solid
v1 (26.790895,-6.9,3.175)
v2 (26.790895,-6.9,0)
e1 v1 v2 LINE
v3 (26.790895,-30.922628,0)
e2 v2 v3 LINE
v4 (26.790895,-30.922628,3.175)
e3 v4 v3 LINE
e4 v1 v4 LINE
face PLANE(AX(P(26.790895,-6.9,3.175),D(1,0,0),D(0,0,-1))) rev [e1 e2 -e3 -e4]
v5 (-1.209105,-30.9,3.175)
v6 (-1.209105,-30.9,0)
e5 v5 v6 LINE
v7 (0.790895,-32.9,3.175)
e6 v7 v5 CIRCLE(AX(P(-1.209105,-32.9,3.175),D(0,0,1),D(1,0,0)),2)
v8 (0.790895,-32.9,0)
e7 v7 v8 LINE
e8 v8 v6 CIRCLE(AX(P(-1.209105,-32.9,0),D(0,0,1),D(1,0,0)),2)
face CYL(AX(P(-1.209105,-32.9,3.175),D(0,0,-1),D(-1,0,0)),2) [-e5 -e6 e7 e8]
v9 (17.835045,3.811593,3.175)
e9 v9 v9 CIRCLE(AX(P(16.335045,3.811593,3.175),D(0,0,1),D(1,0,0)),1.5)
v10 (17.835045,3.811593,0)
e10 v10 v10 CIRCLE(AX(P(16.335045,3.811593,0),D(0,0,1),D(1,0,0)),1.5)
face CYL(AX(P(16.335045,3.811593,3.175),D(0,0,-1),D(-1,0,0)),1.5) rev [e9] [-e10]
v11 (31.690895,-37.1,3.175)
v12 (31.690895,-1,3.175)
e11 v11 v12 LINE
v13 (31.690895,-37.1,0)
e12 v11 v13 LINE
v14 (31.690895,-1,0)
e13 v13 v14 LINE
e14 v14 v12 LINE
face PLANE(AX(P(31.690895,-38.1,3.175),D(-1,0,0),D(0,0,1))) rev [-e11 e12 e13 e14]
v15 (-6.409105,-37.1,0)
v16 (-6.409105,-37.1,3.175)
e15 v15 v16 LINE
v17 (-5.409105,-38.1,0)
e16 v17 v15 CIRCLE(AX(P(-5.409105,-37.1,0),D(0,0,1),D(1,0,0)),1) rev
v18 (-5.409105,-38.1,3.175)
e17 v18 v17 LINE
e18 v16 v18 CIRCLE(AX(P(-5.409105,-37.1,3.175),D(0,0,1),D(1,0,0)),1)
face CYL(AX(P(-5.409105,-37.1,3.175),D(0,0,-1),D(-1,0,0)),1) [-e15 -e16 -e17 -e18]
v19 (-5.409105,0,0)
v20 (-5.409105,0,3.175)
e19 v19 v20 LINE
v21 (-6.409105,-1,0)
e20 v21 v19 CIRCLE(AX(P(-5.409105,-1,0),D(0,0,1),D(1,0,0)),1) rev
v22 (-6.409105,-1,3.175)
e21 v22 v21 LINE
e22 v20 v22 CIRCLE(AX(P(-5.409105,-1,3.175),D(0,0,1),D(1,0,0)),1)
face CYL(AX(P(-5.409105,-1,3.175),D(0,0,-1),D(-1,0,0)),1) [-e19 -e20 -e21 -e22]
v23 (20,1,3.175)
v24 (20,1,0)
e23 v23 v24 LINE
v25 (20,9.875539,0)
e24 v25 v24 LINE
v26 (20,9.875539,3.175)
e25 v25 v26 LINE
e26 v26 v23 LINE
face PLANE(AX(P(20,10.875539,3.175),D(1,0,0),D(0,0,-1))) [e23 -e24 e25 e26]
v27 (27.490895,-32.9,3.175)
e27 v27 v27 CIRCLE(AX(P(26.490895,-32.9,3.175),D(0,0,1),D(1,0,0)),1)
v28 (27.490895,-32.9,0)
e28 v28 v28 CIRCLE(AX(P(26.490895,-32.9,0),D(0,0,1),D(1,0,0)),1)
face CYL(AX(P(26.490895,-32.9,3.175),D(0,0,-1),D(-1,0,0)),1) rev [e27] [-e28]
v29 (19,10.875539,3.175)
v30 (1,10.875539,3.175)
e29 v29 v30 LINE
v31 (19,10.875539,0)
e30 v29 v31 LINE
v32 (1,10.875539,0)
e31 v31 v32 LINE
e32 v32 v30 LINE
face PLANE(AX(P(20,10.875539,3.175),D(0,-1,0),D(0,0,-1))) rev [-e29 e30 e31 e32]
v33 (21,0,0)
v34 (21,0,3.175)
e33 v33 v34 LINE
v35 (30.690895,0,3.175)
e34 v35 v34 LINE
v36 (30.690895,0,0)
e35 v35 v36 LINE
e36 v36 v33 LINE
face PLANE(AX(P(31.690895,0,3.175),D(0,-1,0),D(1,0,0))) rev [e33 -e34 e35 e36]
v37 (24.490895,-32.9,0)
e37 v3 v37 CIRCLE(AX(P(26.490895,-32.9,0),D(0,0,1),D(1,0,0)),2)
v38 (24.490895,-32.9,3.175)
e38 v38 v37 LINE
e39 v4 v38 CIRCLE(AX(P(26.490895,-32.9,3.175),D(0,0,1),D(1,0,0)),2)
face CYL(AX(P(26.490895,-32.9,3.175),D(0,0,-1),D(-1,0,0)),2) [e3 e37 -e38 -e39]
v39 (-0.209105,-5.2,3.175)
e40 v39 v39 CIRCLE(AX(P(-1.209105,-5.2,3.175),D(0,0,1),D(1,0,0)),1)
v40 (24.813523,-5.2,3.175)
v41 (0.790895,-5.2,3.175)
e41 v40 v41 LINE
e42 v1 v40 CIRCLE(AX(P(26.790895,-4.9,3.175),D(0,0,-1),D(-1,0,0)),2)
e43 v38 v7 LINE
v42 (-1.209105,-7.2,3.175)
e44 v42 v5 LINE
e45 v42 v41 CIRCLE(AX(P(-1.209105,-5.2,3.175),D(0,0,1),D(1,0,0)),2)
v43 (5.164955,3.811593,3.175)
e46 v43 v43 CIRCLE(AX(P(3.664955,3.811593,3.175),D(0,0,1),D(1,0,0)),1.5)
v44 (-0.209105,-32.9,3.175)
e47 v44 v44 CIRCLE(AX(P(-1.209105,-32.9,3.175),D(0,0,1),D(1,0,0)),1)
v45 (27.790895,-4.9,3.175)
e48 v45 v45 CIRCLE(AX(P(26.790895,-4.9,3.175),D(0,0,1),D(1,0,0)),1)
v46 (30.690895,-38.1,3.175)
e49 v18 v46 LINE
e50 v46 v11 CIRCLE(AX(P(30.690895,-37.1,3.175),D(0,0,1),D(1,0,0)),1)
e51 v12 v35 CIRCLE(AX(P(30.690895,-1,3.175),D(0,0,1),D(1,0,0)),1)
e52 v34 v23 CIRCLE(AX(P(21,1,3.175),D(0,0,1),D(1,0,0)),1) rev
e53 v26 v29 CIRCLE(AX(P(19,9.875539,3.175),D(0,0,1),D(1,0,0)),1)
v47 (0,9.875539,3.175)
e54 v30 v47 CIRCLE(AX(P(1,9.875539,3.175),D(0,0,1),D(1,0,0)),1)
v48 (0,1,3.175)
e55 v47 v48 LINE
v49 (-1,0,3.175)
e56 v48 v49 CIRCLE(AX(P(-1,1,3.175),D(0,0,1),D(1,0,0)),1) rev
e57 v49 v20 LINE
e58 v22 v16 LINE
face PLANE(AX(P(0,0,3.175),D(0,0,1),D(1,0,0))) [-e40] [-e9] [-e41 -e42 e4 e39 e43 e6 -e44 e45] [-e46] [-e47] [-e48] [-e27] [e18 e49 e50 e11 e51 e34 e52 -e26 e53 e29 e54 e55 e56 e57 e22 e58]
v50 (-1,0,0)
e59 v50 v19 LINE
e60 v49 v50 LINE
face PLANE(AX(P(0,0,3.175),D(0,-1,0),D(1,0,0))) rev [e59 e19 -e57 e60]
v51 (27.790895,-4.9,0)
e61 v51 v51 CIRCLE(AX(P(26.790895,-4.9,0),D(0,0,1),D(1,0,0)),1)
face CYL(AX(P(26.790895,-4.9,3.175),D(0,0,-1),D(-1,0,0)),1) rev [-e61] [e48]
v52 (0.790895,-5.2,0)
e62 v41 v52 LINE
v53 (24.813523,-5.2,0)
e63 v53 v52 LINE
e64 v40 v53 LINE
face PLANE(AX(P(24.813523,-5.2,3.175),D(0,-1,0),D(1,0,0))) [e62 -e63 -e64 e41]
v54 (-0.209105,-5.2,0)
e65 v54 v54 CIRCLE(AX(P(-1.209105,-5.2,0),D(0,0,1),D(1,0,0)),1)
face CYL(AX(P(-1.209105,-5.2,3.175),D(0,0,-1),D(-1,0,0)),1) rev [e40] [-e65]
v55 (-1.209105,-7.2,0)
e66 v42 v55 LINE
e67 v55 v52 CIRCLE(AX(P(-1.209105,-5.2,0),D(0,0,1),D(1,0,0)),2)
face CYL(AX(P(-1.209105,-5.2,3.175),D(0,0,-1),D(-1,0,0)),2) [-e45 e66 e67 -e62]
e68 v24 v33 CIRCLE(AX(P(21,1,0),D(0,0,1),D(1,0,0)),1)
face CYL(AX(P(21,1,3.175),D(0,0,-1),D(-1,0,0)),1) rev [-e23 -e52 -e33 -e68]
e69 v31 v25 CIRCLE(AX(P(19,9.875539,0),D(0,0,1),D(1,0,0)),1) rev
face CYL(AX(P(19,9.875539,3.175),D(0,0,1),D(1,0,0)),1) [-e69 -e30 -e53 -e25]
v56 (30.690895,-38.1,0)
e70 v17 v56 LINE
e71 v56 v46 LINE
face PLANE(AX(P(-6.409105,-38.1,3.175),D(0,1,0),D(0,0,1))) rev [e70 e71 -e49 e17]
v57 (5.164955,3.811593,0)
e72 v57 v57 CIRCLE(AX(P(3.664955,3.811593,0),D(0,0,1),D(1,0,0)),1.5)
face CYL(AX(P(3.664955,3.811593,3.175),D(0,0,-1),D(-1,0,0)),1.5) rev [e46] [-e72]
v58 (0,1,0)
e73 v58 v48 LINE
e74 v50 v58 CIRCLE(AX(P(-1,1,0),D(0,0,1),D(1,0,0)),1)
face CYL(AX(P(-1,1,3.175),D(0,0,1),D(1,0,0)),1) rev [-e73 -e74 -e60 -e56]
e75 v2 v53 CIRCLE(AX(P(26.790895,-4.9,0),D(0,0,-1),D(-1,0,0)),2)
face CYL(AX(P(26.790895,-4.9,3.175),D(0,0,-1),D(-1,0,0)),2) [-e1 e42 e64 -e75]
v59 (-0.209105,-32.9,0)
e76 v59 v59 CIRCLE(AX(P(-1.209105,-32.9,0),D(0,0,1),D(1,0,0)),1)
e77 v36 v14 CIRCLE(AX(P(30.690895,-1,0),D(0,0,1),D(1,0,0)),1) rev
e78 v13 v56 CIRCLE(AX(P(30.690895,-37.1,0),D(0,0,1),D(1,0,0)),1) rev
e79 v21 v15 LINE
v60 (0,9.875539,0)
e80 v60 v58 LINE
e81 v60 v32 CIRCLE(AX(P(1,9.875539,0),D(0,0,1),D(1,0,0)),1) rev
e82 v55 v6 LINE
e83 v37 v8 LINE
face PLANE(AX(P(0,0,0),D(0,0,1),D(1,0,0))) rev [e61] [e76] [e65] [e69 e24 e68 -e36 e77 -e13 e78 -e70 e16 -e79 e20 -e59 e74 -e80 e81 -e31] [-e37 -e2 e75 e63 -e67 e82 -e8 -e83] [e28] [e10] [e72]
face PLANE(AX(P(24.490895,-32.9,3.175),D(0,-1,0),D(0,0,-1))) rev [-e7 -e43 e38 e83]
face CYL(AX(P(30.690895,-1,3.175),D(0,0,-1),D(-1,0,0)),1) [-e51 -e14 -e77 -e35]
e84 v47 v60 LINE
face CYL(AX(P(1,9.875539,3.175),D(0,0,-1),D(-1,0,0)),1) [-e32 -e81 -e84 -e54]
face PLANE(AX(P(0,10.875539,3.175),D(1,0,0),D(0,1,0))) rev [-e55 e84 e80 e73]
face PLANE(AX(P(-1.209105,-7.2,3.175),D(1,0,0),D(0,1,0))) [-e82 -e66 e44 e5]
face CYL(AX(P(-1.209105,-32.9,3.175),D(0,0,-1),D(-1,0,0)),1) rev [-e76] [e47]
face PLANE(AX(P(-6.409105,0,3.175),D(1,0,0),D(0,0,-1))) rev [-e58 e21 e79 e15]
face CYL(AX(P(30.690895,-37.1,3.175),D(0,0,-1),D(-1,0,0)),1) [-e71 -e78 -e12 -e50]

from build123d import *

# Parameters (mm, degrees)
SKETCH1_R           = 1
SKETCH1_R_2         = 1.5
BOSS_EXTRUDE1_DEPTH = 3.175
FILLET1_R           = 1


with BuildPart() as part:
    # Sketch1 → Boss-Extrude1 (new body)
    with BuildSketch(Plane.XY):
        Polygon((31.690894529, -38.1), (31.690894529, 0), (20, 0), (20, 10.87553853), (0, 10.87553853), (0, 0), (-6.409105471, 0), (-6.409105471, -38.1), align=None)
        with Locations((26.490894529, -32.9)):
            Circle(SKETCH1_R, mode=Mode.SUBTRACT)
        with Locations((-1.209105471, -32.9)):
            Circle(SKETCH1_R, mode=Mode.SUBTRACT)
        with Locations((-1.209105471, -5.2)):
            Circle(SKETCH1_R, mode=Mode.SUBTRACT)
        with Locations((26.790894529, -4.9)):
            Circle(SKETCH1_R, mode=Mode.SUBTRACT)
        with Locations((16.335044769, 3.811593223)):
            Circle(SKETCH1_R_2, mode=Mode.SUBTRACT)
        with Locations((3.664955231, 3.811593223)):
            Circle(SKETCH1_R_2, mode=Mode.SUBTRACT)
        with BuildLine():
            Line((26.790894529, -6.9), (26.790894529, -30.922628007))
            ThreePointArc((26.790894529, -30.922628007), (25.187054048, -31.383424911), (24.490894529, -32.9))
            Line((24.490894529, -32.9), (0.790894529, -32.9))
            ThreePointArc((0.790894529, -32.9), (0.205108092, -31.485786438), (-1.209105471, -30.9))
            Line((-1.209105471, -30.9), (-1.209105471, -7.2))
            ThreePointArc((-1.209105471, -7.2), (0.205108092, -6.614213562), (0.790894529, -5.2))
            Line((0.790894529, -5.2), (24.813522536, -5.2))
            ThreePointArc((24.813522536, -5.2), (25.487054048, -6.416575089), (26.790894529, -6.9))
        make_face(mode=Mode.SUBTRACT)
    extrude(amount=BOSS_EXTRUDE1_DEPTH)

    # Fillet1
    fillet1_edges = [part.edges().sort_by_distance(p)[0] for p in [
        (20, 10.87553853, 1.5875),
        (20, 0, 1.5875),
        (31.690894529, 0, 1.5875),
        (31.690894529, -38.1, 1.5875),
        (-6.409105471, -38.1, 1.5875),
        (-6.409105471, 0, 1.5875),
        (0, 0, 1.5875),
        (0, 10.87553853, 1.5875),
    ]]
    fillet(fillet1_edges, radius=FILLET1_R)


solid = part.part
